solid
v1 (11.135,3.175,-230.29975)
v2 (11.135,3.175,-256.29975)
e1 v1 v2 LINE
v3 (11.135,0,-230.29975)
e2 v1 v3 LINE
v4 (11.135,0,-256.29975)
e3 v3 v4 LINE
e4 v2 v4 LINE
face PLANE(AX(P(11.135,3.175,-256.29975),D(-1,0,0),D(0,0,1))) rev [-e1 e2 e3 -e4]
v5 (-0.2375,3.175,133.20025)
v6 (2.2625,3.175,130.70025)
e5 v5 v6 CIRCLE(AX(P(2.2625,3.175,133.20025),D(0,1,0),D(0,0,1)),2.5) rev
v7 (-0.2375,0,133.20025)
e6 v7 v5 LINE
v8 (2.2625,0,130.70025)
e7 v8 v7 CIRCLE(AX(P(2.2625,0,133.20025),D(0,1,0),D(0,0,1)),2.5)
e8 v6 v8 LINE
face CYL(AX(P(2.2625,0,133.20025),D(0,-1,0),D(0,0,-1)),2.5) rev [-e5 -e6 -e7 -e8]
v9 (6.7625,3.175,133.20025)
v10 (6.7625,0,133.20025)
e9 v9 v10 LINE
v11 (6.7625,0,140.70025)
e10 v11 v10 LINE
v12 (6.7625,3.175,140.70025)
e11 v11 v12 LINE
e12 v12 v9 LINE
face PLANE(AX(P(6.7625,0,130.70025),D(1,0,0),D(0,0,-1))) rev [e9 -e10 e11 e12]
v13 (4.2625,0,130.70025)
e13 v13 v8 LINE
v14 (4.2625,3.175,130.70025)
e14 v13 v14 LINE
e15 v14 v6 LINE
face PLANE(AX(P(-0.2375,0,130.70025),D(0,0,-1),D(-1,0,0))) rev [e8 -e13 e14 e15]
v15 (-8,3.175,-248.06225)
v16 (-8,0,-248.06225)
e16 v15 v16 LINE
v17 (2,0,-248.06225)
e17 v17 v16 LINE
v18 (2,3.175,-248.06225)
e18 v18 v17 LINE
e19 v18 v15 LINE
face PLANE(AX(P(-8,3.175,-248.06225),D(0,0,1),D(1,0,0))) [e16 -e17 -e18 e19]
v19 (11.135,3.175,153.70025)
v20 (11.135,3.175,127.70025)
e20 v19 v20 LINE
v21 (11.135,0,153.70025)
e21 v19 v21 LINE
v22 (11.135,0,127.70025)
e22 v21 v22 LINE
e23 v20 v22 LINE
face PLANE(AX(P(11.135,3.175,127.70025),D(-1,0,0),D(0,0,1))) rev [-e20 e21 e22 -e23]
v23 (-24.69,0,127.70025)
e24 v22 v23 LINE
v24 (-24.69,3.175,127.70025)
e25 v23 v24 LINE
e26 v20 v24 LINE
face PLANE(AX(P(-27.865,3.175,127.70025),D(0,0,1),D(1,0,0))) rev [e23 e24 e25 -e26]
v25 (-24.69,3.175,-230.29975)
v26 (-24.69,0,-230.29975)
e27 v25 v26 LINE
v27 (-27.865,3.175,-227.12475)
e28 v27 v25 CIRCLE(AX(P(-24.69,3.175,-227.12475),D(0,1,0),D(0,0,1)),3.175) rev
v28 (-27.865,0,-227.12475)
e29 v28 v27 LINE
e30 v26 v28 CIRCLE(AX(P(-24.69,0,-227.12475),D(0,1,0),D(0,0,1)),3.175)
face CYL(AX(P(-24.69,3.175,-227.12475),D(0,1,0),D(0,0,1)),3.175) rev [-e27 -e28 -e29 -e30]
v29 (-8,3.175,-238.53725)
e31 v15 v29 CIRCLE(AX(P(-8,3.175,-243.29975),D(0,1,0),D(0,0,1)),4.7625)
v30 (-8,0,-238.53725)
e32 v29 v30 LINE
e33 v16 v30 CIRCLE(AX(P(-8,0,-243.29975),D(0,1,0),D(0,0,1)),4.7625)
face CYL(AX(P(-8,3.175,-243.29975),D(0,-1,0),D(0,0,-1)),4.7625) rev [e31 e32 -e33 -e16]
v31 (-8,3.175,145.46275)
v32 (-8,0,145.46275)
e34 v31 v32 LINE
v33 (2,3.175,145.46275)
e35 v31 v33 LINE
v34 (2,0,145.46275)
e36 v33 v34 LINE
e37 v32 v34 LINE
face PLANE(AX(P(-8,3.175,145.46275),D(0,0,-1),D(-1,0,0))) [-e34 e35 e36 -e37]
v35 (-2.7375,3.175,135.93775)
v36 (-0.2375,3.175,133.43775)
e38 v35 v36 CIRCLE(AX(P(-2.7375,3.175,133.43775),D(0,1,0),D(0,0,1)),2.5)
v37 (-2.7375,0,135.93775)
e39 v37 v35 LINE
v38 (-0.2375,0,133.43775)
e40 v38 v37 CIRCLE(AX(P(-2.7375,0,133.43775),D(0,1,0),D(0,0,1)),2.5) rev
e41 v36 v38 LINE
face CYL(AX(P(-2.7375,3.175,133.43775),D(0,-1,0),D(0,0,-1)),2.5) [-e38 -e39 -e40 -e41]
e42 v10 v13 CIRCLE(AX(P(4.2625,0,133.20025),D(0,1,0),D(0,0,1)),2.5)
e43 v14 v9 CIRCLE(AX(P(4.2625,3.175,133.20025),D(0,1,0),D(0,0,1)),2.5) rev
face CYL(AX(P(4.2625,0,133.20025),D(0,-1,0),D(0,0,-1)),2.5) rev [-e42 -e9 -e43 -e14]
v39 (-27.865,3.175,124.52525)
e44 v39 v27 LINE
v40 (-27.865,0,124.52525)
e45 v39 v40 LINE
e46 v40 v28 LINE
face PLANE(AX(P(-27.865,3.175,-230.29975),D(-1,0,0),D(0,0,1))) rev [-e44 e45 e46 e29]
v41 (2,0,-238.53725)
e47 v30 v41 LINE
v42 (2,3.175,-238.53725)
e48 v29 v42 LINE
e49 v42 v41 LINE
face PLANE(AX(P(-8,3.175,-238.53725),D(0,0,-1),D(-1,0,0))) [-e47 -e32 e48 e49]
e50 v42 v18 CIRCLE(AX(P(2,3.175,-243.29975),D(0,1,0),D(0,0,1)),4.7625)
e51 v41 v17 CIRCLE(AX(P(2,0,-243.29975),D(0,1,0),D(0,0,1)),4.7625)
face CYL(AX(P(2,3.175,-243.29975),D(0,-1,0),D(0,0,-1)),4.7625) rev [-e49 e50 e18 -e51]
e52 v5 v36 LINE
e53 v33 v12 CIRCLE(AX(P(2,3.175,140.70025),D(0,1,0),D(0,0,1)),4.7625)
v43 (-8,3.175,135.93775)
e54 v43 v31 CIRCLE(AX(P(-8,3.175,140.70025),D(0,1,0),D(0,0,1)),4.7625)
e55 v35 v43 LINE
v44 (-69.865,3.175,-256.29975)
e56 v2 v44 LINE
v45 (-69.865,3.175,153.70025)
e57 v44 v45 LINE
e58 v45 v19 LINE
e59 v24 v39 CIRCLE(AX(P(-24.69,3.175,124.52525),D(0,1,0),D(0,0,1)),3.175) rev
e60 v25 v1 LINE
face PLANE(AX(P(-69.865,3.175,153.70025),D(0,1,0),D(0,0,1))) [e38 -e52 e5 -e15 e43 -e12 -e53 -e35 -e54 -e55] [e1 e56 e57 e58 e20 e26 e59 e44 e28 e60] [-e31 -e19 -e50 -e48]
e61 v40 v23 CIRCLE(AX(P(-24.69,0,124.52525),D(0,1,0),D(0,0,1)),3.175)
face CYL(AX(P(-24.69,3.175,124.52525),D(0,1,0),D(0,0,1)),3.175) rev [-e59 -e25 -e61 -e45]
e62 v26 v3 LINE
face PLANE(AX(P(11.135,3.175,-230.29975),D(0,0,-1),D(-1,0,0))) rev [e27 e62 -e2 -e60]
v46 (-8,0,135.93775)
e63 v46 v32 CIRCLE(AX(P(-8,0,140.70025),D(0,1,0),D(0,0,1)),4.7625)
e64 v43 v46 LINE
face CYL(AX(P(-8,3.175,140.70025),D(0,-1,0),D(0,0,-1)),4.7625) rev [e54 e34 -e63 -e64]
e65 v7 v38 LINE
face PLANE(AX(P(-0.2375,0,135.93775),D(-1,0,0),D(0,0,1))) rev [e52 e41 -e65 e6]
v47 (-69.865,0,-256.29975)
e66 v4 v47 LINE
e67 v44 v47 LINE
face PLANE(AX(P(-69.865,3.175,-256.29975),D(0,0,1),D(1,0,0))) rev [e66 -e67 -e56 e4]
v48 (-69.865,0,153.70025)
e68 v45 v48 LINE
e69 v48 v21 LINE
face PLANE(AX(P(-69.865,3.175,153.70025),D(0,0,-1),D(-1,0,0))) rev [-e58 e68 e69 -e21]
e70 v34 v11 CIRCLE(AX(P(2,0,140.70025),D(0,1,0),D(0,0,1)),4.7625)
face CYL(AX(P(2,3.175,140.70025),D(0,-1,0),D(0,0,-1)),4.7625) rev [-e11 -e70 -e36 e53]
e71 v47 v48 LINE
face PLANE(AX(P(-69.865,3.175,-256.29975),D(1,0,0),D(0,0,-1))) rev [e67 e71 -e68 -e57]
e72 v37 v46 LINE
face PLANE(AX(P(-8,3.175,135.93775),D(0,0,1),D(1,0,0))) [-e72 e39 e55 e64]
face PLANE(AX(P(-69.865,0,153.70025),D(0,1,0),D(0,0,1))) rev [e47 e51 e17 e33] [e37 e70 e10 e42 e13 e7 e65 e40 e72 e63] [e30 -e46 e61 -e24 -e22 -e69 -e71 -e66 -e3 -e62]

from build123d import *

# Parameters (mm, degrees)
EXTRUDE1_DEPTH     = 3.175
CUT_EXTRUDE2_DEPTH = 4.175
FILLET1_R          = 2.5
FILLET2_R          = 3.175


with BuildPart() as part:
    # Sketch1 → Extrude1 (new body)
    with BuildSketch(Plane(origin=(0, 0, 0), x_dir=(1, 0, 0), z_dir=(0, 1, 0))):
        Polygon((-69.865, 256.29975), (11.135, 256.29975), (11.135, 248.06225), (11.135, 238.53725), (11.135, 230.29975), (-27.865, 230.29975), (-27.865, -127.70025), (11.135, -127.70025), (11.135, -145.46275), (11.135, -153.70025), (-69.865, -153.70025), align=None)
        with BuildLine():
            Line((-8, -135.93775), (2, -135.93775))
            ThreePointArc((2, -135.93775), (6.7625, -140.70025), (2, -145.46275))
            Line((2, -145.46275), (-8, -145.46275))
            ThreePointArc((-8, -145.46275), (-12.7625, -140.70025), (-8, -135.93775))
        make_face(mode=Mode.SUBTRACT)
        with BuildLine():
            Line((-8, 248.06225), (2, 248.06225))
            ThreePointArc((2, 248.06225), (6.7625, 243.29975), (2, 238.53725))
            Line((2, 238.53725), (-8, 238.53725))
            ThreePointArc((-8, 238.53725), (-12.7625, 243.29975), (-8, 248.06225))
        make_face(mode=Mode.SUBTRACT)
    extrude(amount=EXTRUDE1_DEPTH)

    # Sketch2 → Cut-Extrude2 (cut, through all)
    with BuildSketch(Plane(origin=(0, 3.175, 0), x_dir=(1, 0, 0), z_dir=(0, 1, 0))):
        with BuildLine():
            Line((-0.2375, -135.93775), (-0.2375, -130.70025))
            Line((-0.2375, -130.70025), (6.7625, -130.70025))
            Line((6.7625, -130.70025), (6.7625, -140.70025))
            ThreePointArc((6.7625, -140.70025), (5.367596045, -137.332653955), (2, -135.93775))
            Line((2, -135.93775), (-0.2375, -135.93775))
        make_face()
    extrude(amount=-CUT_EXTRUDE2_DEPTH, mode=Mode.SUBTRACT)

    # Fillet1
    fillet1_edges = [part.edges().sort_by_distance(p)[0] for p in [
        (-0.2375, 1.5875, 135.93775),
        (-0.2375, 1.5875, 130.70025),
        (6.7625, 1.5875, 130.70025),
    ]]
    fillet(fillet1_edges, radius=FILLET1_R)

    # Fillet2
    fillet2_edges = [part.edges().sort_by_distance(p)[0] for p in [
        (-27.865, 1.5875, -230.29975),
        (-27.865, 1.5875, 127.70025),
    ]]
    fillet(fillet2_edges, radius=FILLET2_R)


solid = part.part
